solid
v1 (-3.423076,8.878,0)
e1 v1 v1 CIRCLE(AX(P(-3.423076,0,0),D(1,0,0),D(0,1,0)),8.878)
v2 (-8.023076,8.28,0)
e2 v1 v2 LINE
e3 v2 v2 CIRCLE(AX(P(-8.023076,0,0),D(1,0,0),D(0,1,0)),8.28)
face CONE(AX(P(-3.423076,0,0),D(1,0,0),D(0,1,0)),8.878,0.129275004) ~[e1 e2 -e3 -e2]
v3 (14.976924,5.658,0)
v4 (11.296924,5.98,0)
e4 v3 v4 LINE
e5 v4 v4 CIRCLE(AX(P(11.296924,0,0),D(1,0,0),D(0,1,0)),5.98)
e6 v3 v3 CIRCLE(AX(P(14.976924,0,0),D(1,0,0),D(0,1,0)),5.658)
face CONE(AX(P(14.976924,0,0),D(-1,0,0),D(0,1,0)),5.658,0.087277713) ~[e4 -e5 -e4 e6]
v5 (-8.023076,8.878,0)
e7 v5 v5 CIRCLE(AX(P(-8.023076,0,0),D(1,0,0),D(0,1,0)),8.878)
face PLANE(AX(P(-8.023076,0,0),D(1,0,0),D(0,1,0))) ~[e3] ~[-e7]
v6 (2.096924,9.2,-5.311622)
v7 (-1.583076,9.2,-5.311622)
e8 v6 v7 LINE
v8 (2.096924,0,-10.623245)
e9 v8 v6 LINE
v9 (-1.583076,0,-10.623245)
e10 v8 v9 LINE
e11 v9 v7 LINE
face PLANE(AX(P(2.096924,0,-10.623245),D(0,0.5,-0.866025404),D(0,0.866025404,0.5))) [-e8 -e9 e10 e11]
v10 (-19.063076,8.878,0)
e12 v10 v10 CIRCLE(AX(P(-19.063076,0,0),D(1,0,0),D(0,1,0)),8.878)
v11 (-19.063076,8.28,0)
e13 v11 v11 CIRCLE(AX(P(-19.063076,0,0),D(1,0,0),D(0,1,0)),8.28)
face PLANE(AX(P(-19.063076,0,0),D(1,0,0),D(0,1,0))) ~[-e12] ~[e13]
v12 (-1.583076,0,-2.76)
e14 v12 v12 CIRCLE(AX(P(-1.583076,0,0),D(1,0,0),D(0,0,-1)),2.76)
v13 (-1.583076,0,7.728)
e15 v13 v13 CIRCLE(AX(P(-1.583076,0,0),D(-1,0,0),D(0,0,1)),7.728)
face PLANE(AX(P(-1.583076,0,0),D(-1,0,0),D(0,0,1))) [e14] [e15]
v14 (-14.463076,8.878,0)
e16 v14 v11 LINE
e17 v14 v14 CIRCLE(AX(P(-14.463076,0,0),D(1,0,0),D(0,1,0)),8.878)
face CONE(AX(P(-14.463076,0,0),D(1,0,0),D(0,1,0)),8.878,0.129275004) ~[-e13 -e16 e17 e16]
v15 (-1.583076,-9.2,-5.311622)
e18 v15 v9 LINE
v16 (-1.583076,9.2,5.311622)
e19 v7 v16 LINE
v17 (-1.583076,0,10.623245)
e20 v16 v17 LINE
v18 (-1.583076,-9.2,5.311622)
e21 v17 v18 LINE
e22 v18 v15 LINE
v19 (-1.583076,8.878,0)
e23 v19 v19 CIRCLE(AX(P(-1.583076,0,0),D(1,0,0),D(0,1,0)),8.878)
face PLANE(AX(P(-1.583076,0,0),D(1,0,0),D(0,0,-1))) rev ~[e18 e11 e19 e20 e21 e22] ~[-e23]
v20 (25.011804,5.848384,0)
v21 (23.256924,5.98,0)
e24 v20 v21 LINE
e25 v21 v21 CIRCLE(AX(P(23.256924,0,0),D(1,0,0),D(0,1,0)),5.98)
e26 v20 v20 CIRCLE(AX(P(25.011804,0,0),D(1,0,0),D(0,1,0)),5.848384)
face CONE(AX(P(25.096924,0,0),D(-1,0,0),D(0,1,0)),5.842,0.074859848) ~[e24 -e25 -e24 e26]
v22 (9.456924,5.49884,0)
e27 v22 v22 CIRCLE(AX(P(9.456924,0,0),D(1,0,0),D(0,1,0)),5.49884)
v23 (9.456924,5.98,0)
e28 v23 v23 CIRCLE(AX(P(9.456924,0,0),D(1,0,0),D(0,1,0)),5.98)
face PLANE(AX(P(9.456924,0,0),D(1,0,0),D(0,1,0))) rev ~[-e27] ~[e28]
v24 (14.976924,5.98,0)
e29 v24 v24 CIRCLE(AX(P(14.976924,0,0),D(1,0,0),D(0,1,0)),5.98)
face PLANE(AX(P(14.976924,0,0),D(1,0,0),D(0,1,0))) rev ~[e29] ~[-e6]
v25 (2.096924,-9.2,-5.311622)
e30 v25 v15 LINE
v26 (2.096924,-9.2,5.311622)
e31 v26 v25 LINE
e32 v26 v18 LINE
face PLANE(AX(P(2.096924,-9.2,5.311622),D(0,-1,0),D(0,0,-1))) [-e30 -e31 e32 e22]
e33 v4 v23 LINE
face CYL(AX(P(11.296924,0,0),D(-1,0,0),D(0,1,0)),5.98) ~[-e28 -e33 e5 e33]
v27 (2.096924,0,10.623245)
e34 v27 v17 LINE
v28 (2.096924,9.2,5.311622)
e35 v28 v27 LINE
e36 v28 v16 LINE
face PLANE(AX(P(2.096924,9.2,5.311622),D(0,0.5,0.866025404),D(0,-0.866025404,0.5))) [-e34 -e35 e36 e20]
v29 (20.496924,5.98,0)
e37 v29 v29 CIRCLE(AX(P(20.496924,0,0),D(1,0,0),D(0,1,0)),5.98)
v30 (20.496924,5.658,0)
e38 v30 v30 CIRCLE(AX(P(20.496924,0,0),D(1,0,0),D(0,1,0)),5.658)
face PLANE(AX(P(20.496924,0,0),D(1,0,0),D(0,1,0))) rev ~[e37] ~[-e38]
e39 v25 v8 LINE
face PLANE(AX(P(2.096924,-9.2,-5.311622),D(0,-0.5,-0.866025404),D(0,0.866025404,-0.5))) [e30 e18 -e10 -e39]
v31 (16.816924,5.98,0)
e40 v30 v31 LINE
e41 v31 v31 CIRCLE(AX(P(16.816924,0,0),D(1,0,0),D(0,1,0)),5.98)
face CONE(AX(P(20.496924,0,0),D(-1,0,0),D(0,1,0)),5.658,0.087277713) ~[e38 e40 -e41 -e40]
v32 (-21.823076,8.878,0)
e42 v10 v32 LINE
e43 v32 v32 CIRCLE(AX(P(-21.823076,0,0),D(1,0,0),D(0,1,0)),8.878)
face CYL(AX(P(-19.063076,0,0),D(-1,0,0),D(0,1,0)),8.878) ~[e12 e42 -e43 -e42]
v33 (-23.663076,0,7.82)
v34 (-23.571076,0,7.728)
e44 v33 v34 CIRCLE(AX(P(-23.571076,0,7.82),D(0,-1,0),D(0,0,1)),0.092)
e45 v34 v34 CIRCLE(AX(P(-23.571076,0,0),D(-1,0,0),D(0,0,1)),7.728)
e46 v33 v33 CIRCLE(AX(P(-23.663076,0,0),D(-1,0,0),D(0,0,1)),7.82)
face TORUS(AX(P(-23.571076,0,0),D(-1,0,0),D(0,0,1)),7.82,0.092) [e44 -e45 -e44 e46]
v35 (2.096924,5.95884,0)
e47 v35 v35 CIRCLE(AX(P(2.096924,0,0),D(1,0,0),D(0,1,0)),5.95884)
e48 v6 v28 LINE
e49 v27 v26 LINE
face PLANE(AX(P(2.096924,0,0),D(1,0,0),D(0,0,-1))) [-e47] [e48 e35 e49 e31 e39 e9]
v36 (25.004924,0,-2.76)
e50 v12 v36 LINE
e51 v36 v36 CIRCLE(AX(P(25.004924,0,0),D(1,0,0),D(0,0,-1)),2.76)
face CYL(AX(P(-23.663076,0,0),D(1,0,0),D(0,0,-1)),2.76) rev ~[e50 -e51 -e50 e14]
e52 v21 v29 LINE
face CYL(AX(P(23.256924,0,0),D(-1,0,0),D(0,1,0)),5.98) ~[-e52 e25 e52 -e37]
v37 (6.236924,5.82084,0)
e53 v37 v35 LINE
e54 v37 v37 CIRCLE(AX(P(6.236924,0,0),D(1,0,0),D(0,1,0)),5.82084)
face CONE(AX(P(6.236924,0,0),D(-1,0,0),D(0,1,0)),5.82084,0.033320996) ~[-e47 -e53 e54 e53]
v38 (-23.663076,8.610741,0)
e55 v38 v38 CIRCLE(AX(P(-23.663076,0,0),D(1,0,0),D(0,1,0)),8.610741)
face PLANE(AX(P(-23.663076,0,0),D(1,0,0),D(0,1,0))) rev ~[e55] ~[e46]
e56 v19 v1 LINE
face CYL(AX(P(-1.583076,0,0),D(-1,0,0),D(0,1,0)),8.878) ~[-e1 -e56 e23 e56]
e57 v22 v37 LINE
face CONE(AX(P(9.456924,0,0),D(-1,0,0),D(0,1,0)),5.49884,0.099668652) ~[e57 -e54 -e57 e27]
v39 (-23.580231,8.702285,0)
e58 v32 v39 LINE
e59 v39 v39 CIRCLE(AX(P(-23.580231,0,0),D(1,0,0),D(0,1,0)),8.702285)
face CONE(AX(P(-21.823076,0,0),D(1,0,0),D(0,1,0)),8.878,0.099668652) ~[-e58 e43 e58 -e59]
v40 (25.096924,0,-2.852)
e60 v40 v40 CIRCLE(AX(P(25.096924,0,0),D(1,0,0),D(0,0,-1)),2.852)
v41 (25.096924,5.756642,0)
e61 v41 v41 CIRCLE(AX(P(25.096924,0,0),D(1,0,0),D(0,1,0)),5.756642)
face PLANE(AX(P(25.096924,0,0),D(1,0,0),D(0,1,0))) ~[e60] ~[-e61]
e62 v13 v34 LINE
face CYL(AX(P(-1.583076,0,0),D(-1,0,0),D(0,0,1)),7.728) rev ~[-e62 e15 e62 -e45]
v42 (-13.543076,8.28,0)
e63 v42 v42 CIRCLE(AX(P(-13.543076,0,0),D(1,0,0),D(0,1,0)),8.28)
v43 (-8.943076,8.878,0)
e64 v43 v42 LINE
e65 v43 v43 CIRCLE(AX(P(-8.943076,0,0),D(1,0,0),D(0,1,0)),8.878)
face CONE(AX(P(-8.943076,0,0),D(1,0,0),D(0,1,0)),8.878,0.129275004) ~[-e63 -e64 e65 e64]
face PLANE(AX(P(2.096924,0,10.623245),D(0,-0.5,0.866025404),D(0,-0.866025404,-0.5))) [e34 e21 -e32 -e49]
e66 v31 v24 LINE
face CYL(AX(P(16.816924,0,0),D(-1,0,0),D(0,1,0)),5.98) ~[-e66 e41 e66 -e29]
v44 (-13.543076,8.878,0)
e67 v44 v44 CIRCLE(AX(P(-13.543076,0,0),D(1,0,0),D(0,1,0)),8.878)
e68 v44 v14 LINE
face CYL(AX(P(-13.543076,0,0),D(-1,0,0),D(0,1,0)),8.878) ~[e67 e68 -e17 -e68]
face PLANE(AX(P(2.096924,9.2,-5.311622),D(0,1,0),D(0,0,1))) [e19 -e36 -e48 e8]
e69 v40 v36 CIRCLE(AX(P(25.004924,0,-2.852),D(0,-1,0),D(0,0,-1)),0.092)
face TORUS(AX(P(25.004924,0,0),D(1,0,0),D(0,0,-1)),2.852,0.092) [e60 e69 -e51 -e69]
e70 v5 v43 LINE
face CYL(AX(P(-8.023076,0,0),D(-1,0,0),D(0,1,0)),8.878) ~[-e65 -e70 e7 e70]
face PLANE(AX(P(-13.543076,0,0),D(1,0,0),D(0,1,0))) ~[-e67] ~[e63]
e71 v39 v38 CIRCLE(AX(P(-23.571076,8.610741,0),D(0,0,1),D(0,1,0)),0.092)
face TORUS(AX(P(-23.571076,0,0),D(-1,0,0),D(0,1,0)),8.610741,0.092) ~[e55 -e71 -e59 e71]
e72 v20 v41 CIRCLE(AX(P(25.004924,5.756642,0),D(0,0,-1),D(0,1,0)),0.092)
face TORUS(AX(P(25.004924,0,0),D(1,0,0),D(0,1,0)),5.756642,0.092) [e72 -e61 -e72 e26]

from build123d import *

# Parameters (mm, degrees)
BOSS_EXTRUDE1_DEPTH = 4
HOLE1_D             = 6
HOLE1_DEPTH         = 53
HOLE1_CBORE_D       = 16.8
HOLE1_CBORE_DEPTH   = 24
FILLET1_R           = 0.1
SCALE1_SCALE        = 0.92


with BuildPart() as part:
    # Sketch1 → Boss-Extrude1 (new body)
    with BuildSketch(Plane(origin=(2, 0, 0), x_dir=(0, 0, -1), z_dir=(1, 0, 0))):
        Polygon((11.547005384, 0), (5.773502692, 10), (-5.773502692, 10), (-11.547005384, 0), (-5.773502692, -10), (5.773502692, -10), align=None)
    extrude(amount=-BOSS_EXTRUDE1_DEPTH)

    # Sketch2 → Revolve1 (revolve)
    with BuildSketch(Plane.XY):
        Polygon((-26, 9.45), (-26, 0), (-2, 0), (-2, 9.65), (-4, 9.65), (-9, 9), (-9, 9.65), (-10, 9.65), (-15, 9), (-15, 9.65), (-16, 9.65), (-21, 9), (-21, 9.65), (-24, 9.65), align=None)
    revolve(axis=Axis((-26, 0, 0), (1, 0, 0)))

    # Sketch3 → Revolve2 (revolve)
    with BuildSketch(Plane.XY):
        Polygon((2, 6.477), (2, 0), (27, 0), (27, 6.35), (25, 6.5), (22, 6.5), (22, 6.15), (18, 6.5), (16, 6.5), (16, 6.15), (12, 6.5), (10, 6.5), (10, 5.977), (6.5, 6.327), align=None)
    revolve(axis=Axis((2, 0, 0), (1, 0, 0)))

    # Hole1
    with Locations(Plane.ZY.offset(26)):
        with Locations((0, 0)):
            CounterBoreHole(HOLE1_D / 2, HOLE1_CBORE_D / 2, HOLE1_CBORE_DEPTH, depth=HOLE1_DEPTH)

    # Fillet1
    fillet1_edges = [part.edges().sort_by_distance(p)[0] for p in [
        (-26, -9.45, 0),
        (27, -6.35, 0),
        (-26, 0, -8.4),
        (27, 0, 3),
    ]]
    fillet(fillet1_edges, radius=FILLET1_R)


with BuildPart() as part_1:
    # Scale1: scaled about (3.211544185, 0, 0)
    add(part.part.scale(SCALE1_SCALE).moved(Location((0.256923535, 0, 0))))


solid = part_1.part
